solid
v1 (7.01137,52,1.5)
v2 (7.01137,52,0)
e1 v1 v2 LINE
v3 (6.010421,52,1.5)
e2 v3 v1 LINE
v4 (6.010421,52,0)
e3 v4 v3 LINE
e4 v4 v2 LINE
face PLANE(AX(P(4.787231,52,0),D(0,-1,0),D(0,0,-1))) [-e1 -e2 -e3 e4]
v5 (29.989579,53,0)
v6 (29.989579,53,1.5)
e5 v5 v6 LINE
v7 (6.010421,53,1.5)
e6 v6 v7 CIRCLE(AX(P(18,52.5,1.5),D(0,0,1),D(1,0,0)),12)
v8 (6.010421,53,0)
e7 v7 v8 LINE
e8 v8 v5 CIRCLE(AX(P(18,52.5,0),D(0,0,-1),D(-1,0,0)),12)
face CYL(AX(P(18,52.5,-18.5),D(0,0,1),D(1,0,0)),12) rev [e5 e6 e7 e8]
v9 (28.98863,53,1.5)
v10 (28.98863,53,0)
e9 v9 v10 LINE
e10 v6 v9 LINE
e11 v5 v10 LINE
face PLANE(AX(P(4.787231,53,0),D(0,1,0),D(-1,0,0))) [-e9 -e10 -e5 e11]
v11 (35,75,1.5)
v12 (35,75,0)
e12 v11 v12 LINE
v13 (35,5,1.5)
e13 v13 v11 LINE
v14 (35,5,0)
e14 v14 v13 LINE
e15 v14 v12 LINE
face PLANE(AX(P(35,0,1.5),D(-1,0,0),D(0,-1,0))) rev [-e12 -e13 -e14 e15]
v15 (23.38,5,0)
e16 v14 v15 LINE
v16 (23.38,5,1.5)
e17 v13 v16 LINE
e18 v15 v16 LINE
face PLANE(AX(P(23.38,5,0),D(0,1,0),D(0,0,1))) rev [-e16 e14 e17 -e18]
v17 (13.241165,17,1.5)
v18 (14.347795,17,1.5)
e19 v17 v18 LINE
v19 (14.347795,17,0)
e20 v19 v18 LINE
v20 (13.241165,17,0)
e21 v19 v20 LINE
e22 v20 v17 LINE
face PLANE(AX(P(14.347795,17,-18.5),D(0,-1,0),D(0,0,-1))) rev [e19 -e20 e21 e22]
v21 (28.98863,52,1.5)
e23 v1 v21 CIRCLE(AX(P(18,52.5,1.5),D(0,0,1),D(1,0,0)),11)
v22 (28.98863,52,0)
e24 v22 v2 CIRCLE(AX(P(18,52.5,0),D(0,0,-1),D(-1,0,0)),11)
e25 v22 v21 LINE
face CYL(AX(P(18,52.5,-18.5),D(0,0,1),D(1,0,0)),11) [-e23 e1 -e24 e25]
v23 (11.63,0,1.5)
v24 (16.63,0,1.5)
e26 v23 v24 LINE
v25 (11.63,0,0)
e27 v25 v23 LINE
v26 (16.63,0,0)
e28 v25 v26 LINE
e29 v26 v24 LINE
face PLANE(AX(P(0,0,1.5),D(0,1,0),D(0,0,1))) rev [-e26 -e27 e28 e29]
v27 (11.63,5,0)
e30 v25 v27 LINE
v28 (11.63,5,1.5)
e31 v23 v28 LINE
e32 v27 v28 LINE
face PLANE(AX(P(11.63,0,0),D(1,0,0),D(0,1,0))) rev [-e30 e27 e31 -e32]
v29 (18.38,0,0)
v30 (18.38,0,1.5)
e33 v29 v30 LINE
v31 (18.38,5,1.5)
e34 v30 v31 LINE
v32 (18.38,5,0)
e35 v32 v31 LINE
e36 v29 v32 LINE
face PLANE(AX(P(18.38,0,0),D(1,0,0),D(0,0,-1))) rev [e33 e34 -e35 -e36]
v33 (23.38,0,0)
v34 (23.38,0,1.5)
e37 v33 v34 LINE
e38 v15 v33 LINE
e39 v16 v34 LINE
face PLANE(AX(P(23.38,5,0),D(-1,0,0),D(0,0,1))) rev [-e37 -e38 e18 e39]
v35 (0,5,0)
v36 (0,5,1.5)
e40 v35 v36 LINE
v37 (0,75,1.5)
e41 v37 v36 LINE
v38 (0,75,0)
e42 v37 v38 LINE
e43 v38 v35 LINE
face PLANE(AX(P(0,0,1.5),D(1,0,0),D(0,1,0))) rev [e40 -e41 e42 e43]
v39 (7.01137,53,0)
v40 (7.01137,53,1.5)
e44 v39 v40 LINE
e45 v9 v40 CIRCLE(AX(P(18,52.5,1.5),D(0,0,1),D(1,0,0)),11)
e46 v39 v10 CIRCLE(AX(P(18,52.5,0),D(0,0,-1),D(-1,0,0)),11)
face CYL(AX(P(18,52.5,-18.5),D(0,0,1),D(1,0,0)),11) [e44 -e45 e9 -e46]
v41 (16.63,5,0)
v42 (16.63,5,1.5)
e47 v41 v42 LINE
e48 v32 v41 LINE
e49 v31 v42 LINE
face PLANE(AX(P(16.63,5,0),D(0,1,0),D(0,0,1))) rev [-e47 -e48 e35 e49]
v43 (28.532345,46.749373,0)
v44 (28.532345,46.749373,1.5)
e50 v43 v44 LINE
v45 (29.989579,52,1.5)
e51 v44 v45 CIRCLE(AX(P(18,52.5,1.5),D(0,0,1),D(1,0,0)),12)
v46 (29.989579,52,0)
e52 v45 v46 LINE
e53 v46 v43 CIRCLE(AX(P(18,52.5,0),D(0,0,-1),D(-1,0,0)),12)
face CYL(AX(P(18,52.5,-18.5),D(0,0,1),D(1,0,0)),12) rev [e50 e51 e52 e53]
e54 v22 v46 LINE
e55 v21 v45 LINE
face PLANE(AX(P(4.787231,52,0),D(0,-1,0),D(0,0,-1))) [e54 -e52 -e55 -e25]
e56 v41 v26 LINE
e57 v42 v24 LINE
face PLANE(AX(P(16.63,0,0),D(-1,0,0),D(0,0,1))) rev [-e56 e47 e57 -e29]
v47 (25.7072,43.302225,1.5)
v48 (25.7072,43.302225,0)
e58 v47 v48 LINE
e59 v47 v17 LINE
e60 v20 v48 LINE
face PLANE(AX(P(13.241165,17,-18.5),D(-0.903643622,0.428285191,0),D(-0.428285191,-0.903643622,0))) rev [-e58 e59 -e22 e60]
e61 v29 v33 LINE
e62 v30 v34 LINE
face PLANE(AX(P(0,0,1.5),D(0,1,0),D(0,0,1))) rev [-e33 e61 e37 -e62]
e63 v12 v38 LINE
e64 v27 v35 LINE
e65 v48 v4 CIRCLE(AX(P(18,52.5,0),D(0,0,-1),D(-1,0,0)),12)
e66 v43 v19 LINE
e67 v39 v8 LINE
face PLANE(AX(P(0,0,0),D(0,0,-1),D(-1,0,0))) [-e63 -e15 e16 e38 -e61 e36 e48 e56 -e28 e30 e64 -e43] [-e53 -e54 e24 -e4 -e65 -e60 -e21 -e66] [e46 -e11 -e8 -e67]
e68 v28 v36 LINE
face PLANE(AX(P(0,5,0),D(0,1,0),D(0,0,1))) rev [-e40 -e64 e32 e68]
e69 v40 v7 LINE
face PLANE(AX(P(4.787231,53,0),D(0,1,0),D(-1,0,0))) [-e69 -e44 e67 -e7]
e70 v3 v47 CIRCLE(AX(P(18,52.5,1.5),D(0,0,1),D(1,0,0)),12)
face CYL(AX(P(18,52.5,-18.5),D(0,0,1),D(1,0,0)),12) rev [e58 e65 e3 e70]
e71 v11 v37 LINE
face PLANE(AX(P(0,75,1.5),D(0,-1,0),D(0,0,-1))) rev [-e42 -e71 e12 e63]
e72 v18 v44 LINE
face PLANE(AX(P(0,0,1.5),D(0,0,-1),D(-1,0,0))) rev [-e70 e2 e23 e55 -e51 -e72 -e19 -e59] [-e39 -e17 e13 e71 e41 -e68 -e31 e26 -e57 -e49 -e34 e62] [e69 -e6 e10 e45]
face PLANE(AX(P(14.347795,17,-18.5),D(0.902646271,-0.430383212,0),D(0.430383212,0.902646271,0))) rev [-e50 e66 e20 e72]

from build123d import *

# Parameters (mm, degrees)
SKIZZE1_W                        = 35
SKIZZE1_H                        = 75
AUFSATZ_LINEAR_AUSTRAGEN1_DEPTH  = 1.5
SKIZZE2_W                        = 11.63
SKIZZE2_H                        = 5
SKIZZE2_W_2                      = 11.62
SKIZZE2_W_3                      = 1.75
SCHNITT_LINEAR_AUSTRAGEN1_DEPTH  = 1.5
SKIZZE13_R                       = 12
SKIZZE13_R_2                     = 11
SCHNITT_LINEAR_AUSTRAGEN10_DEPTH = 20
SKIZZE14_W                       = 27.206049555
SKIZZE14_H                       = 1
AUFSATZ_LINEAR_AUSTRAGEN2_DEPTH  = 1.5
SCHNITT_LINEAR_AUSTRAGEN11_DEPTH = 20


with BuildPart() as part:
    # Skizze1 → Aufsatz-Linear austragen1 (new body)
    with BuildSketch(Plane.XY):
        with Locations((17.5, 37.5)):
            Rectangle(SKIZZE1_W, SKIZZE1_H)
    extrude(amount=AUFSATZ_LINEAR_AUSTRAGEN1_DEPTH)

    # Skizze2 → Schnitt-Linear austragen1 (cut)
    with BuildSketch(Plane.XY.offset(1.5)):
        with Locations((5.815, 2.5)):
            Rectangle(SKIZZE2_W, SKIZZE2_H)
        with Locations((29.19, 2.5)):
            Rectangle(SKIZZE2_W_2, SKIZZE2_H)
        with Locations((17.505, 2.5)):
            Rectangle(SKIZZE2_W_3, SKIZZE2_H)
    extrude(amount=-SCHNITT_LINEAR_AUSTRAGEN1_DEPTH, mode=Mode.SUBTRACT)

    # Skizze13 → Schnitt-Linear austragen10 (cut)
    with BuildSketch(Plane.XY.offset(1.5)):
        with Locations((18, 52.5)):
            Circle(SKIZZE13_R)
        with Locations((18, 52.5)):
            Circle(SKIZZE13_R_2, mode=Mode.SUBTRACT)
    extrude(amount=-SCHNITT_LINEAR_AUSTRAGEN10_DEPTH, mode=Mode.SUBTRACT)


with BuildPart() as schnitt_linear_austragen10_piece_1:
    # of the separate pieces the step leaves, piece 1, a body of its own (schnitt_linear_austragen10_pieces)
    add(part.part.solids().sort_by_distance((11.63, 0, 0))[0])



with BuildPart() as schnitt_linear_austragen10_piece_2:
    # of the separate pieces the step leaves, piece 2, a body of its own (schnitt_linear_austragen10_pieces)
    add(part.part.solids().sort_by_distance((29, 52.5, 0))[0])


with BuildPart() as schnitt_linear_austragen10_piece_1_1:
    add(schnitt_linear_austragen10_piece_1.part)

    add(schnitt_linear_austragen10_piece_2.part)  # Aufsatz-Linear austragen2 merges Schnitt-Linear austragen10 piece 2
    # Skizze14 → Aufsatz-Linear austragen2 (add)
    with BuildSketch(Plane.XY.offset(1.5)):
        with Locations((18.390255325, 52.5)):
            Rectangle(SKIZZE14_W, SKIZZE14_H)
    extrude(amount=-AUFSATZ_LINEAR_AUSTRAGEN2_DEPTH)

    # Skizze15 → Schnitt-Linear austragen11 (cut)
    with BuildSketch(Plane.XY.offset(1.5)):
        Polygon((14.347795458, 17), (13.241164508, 17), (27.231585845, 46.518543423), (29.406174437, 48.771838964), (29.283539592, 48.415672114), (28.532345142, 46.749373442), align=None)
    extrude(amount=-SCHNITT_LINEAR_AUSTRAGEN11_DEPTH, mode=Mode.SUBTRACT)


solid = schnitt_linear_austragen10_piece_1_1.part
